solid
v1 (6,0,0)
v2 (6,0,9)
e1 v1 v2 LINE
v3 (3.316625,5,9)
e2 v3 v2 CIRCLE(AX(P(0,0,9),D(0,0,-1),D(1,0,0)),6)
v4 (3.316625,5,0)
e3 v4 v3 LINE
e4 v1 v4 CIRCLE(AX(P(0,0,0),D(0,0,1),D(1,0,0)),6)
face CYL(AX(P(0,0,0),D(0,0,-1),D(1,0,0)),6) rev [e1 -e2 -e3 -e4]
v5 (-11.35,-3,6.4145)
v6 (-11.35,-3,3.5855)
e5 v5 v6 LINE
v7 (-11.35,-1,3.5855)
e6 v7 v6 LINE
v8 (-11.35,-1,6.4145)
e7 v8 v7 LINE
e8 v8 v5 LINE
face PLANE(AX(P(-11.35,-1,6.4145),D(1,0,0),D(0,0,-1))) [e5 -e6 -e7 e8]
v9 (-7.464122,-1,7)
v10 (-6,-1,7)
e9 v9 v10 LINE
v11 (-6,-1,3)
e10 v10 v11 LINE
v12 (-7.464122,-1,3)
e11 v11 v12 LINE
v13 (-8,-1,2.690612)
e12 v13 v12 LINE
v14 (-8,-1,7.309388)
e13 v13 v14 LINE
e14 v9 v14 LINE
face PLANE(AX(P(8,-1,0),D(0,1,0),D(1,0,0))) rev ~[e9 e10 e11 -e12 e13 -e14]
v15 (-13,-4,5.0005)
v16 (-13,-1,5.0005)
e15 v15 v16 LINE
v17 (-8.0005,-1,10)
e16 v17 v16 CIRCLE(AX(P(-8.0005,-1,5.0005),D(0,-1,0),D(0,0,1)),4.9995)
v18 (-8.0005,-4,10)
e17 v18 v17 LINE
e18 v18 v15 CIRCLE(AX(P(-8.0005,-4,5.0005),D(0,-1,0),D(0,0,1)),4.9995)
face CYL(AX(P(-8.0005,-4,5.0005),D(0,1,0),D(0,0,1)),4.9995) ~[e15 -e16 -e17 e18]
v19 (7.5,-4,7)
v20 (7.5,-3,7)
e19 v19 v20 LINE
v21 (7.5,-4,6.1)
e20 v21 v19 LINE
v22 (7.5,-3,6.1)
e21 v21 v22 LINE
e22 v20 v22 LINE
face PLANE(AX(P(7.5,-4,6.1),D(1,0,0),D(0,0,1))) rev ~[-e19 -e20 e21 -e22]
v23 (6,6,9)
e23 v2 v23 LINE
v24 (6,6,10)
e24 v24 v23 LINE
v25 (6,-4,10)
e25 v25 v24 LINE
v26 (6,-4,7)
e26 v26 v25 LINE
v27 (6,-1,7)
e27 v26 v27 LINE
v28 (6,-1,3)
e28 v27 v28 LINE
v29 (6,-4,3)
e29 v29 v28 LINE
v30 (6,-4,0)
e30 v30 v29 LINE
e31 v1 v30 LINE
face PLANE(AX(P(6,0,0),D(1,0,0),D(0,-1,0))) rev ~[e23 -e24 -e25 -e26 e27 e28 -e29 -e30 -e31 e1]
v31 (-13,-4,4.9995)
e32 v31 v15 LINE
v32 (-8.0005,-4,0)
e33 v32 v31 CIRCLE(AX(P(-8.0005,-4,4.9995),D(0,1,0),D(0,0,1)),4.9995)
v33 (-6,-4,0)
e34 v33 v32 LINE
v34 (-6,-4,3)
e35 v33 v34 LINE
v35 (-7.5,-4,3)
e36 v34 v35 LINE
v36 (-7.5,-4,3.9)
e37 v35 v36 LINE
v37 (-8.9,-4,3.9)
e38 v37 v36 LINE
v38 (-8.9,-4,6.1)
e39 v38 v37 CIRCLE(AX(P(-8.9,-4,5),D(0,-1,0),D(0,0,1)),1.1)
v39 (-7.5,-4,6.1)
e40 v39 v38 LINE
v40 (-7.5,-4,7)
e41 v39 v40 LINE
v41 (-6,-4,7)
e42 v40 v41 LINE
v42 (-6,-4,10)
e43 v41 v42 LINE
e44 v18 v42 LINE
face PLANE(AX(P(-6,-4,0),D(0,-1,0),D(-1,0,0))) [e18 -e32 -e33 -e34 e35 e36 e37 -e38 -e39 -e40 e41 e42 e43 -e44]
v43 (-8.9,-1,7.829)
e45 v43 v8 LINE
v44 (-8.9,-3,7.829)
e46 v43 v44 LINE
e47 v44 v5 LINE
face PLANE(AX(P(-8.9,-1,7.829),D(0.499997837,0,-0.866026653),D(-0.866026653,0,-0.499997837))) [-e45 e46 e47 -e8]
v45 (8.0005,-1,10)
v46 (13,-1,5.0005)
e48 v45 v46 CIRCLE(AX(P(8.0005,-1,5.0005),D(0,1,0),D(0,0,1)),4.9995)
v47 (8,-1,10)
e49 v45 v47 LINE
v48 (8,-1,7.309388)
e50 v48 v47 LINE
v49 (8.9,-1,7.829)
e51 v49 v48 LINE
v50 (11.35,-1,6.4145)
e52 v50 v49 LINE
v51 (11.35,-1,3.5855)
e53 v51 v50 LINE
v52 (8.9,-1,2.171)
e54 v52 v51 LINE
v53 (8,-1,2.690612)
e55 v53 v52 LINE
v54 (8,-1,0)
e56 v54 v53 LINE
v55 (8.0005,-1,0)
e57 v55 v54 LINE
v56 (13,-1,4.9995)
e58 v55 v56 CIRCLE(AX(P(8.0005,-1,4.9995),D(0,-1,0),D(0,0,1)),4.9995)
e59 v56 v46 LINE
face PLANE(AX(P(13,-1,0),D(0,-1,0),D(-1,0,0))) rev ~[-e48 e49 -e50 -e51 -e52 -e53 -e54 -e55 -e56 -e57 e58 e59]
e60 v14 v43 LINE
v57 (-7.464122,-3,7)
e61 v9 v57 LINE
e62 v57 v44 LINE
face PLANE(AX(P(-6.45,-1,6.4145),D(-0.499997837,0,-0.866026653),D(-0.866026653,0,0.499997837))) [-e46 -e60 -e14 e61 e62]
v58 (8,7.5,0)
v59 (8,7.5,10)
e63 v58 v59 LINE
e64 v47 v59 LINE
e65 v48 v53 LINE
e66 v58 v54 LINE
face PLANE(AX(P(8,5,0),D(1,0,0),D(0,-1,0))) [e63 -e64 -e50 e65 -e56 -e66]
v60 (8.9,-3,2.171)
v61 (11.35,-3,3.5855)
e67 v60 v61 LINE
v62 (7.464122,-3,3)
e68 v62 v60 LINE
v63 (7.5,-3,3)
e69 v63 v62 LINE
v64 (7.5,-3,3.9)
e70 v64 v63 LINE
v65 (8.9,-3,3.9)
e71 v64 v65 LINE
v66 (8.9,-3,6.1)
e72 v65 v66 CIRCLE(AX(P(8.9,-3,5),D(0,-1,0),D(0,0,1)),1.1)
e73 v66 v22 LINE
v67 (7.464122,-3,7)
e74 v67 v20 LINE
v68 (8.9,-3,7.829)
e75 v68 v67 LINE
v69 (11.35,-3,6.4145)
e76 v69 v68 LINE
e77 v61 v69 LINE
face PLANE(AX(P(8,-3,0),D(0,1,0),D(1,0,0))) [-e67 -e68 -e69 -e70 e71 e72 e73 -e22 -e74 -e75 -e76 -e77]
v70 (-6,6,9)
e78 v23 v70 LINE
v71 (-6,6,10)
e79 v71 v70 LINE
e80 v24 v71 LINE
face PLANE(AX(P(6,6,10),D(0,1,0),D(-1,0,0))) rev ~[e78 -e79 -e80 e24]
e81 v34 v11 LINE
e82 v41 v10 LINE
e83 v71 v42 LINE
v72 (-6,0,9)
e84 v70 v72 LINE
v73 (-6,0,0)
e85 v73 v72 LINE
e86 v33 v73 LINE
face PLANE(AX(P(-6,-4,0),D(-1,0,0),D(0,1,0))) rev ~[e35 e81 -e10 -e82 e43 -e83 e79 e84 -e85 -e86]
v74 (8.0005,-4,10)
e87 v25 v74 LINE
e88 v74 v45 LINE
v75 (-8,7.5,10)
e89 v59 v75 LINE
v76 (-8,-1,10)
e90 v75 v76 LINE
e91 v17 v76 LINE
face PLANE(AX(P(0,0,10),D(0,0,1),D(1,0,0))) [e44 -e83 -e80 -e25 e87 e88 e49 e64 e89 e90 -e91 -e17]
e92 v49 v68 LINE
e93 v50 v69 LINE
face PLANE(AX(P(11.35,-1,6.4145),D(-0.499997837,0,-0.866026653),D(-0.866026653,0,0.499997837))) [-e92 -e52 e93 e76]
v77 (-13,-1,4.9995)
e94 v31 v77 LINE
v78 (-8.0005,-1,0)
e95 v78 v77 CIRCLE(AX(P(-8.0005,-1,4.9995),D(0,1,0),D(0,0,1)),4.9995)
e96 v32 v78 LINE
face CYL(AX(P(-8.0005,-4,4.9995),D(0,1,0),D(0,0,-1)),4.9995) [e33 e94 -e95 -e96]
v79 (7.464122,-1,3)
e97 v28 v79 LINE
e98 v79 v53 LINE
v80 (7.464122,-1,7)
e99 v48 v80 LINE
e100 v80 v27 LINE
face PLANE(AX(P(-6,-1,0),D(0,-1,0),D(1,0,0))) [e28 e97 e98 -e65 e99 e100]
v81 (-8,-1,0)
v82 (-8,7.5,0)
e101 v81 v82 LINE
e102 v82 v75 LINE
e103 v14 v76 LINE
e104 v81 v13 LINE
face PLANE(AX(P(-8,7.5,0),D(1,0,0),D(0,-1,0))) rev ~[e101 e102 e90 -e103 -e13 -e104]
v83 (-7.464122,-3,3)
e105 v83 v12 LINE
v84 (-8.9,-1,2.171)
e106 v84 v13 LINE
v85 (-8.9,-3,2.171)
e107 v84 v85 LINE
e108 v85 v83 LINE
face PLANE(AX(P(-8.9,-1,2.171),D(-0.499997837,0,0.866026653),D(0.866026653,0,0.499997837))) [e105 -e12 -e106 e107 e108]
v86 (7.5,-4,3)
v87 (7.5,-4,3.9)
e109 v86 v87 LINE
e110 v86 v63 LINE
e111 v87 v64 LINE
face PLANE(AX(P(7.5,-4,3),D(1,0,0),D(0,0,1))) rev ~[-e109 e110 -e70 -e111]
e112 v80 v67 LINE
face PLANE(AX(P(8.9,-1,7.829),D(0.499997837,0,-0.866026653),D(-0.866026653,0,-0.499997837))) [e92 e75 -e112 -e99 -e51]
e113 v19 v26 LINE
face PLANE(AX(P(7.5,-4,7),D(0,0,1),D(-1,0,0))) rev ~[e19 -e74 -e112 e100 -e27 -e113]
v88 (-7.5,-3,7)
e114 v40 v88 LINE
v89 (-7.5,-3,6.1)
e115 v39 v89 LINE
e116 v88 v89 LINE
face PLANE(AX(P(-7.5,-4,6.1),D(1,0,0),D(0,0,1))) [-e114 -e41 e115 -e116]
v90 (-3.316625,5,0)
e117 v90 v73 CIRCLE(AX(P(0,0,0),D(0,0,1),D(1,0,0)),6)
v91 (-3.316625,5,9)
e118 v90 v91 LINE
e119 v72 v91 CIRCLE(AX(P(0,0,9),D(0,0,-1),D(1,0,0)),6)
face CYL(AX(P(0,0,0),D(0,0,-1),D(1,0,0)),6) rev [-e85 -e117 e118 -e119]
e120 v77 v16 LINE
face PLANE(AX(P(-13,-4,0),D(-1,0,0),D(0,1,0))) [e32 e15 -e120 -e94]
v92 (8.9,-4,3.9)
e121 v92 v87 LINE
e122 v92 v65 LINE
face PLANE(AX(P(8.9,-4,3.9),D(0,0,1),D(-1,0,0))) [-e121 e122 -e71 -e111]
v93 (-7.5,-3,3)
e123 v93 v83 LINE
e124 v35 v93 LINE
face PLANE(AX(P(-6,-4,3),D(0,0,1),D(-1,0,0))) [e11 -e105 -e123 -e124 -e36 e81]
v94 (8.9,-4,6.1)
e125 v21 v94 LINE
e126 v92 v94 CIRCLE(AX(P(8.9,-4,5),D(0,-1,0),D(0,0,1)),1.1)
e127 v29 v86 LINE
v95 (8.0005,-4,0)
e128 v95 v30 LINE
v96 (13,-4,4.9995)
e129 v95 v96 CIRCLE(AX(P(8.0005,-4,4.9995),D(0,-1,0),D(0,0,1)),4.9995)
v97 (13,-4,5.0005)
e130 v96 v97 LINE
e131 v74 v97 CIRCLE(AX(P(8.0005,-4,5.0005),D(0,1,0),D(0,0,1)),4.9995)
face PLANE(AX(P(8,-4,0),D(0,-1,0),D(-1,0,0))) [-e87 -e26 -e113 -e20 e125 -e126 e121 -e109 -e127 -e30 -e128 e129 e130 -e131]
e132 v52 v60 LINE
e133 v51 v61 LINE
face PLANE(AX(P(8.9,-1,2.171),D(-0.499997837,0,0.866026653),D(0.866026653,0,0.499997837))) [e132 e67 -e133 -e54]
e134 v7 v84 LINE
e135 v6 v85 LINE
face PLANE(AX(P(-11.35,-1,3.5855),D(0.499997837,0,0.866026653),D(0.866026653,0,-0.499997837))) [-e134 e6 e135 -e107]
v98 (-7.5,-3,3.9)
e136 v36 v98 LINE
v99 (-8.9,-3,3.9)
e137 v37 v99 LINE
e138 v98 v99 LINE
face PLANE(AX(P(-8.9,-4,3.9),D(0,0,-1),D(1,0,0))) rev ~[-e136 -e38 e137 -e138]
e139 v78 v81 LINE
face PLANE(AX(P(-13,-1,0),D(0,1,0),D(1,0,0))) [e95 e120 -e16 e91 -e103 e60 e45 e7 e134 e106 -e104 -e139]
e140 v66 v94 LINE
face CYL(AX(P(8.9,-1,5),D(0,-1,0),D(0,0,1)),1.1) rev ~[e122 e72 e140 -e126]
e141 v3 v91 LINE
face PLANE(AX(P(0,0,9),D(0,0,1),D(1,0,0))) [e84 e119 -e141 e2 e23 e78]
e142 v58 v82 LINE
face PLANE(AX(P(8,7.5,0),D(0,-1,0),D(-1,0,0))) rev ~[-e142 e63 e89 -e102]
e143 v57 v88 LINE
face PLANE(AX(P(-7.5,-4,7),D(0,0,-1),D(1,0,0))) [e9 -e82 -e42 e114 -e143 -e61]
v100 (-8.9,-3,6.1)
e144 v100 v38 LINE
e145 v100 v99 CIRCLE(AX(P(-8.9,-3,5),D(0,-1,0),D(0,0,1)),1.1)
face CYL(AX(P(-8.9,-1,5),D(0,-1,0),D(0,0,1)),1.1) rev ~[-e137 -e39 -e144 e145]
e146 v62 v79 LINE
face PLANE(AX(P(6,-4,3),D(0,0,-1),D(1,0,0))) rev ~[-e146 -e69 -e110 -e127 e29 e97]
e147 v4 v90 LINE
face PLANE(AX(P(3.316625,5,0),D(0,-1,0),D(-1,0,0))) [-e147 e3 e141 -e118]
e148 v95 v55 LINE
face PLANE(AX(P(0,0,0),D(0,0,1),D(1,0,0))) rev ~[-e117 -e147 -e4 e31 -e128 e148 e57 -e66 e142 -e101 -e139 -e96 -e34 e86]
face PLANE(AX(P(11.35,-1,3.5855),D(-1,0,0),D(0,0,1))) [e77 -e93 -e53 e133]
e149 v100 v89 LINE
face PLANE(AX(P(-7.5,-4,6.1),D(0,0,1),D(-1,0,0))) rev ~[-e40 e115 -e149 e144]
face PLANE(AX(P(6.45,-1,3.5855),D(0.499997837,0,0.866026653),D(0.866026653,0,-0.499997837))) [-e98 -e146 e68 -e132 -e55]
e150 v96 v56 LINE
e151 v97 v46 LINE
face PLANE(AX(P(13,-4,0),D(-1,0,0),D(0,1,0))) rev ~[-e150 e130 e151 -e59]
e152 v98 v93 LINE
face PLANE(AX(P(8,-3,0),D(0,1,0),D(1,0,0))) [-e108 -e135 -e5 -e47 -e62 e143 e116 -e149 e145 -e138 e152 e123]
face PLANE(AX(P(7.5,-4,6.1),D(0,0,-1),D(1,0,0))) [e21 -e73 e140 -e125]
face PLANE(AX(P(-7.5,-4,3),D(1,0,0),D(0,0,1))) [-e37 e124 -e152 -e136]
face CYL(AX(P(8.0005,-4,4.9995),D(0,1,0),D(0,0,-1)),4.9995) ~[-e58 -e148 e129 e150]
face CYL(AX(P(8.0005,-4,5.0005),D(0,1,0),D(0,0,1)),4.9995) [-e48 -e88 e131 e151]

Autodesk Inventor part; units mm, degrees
ref_plane "YZ Plane" through (0, 0, 0) normal (1, 0, 0) x (0, 1, 0)
ref_plane "XZ Plane" through (0, 0, 0) normal (0, 1, 0) x (-1, 0, 0)
ref_plane "XY Plane" through (0, 0, 0) normal (0, 0, 1) x (1, 0, 0)
sketch "Эскиз1" plane through (0, 0, 0) normal (0, 0, 1) x (1, 0, 0)
  circle A0 centre (0, 0) radius 6
  line L0 (-6, 0) -> (6, 0)
  line L1 (6, 0) -> (6, 5)
  line L2 (6, 5) -> (-6, 5)
  line L3 (-6, 5) -> (-6, 0)
  line L4 (-6, 0) -> (6, 0)
  line L5 (6, 0) -> (6, -4)
  line L6 (6, -4) -> (-6, -4)
  line L7 (-6, -4) -> (-6, 0)
  line L8 (-6, -4) -> (-8, -4)
  line L9 (-8, -4) -> (-8, 5)
  line L10 (-8, 5) -> (-6, 5)
  line L11 (-6, 5) -> (-6, -4)
  line L12 (6, 5) -> (8, 5)
  line L13 (8, 5) -> (8, -4)
  line L14 (8, -4) -> (6, -4)
  line L15 (6, -4) -> (6, 5)
  line L16 (-8, 5) -> (8, 5)
  line L17 (8, 5) -> (8, 7.5)
  line L18 (8, 7.5) -> (-8, 7.5)
  line L19 (-8, 7.5) -> (-8, 5)
  line L20 (-8, -4) -> (-13, -4)
  line L21 (-13, -4) -> (-13, -1)
  line L22 (-13, -1) -> (-8, -1)
  line L23 (-8, -1) -> (-8, -4)
  line L24 (8, -4) -> (13, -4)
  line L25 (13, -4) -> (13, -1)
  line L26 (13, -1) -> (8, -1)
  line L27 (8, -1) -> (8, -4)
  point P0 (8, -1)
  point P1 (-8, -1)
  point P2 (-3.3166, 5)
  point P3 (3.3166, 5)
  dimension "d0" = 12
  dimension "d1" = 5
  dimension "d2" = 4
  dimension "d3" = 2
  dimension "d4" = 2
  dimension "d5" = 2.5
  dimension "d8" = 5
  dimension "d9" = 5
  dimension "d37" = 3
extrude "Выдавливание1" add sketch "Эскиз1" along normal blind 10 contours A0 L2 L1 | L1 L12 L13 L14 L5 | L2 A0 | A0 L2 L10 L19 L18 L17 L12 | L3 L2 A0 | L7 L8 L9 L10 L3 | L13 L26 L25 L24 | L20 L21 L22 L9
sketch "Эскиз2" plane through (-13, -1, 0) normal (0, 1, 0) x (1, 0, 0)
  line L0 (5, 0) -> (0, 0) projected
  line L1 (2.5, 0) -> (2.5, -10)
  line L2 (5, -10) -> (0, -10) projected
  line L3 (26, -10) -> (21, -10) projected
  line L4 (23.5, -10) -> (23.5, 0)
  line L5 (26, 0) -> (21, 0) projected
  line L6 (23.5, -5) -> (21.9, -5)
  line L7 (2.5, -5) -> (4.1, -5)
  point P0 (13, 0)
  dimension "d17" = 1.6
  dimension "d18" = 1.6
hole "Отверстие2" at (-8.9, -1, 5) at (8.9, -1, 5) direction (0, -1, 0) diameter 2.2 end through all
sketch "Эскиз3" plane through (8, -1, 0) normal (0, 1, 0) x (1, 0, 0)
  arc A0 (-16, -4.3675) -> (-16, -5.6325) centre (-16.9, -5) ccw projected
  arc A1 (0, -5.6325) -> (0, -4.3675) centre (0.9, -5) ccw projected
  line L0 (3.35, -6.4145) -> (0.9, -7.829)
  line L1 (0.9, -7.829) -> (-1.55, -6.4145)
  line L2 (-1.55, -6.4145) -> (-1.55, -3.5855)
  line L3 (-1.55, -3.5855) -> (0.9, -2.171)
  line L4 (0.9, -2.171) -> (3.35, -3.5855)
  line L5 (3.35, -3.5855) -> (3.35, -6.4145)
  line L6 (-19.35, -3.5855) -> (-16.9, -2.171)
  line L7 (-16.9, -2.171) -> (-14.45, -3.5855)
  line L8 (-14.45, -3.5855) -> (-14.45, -6.4145)
  line L9 (-14.45, -6.4145) -> (-16.9, -7.829)
  line L10 (-16.9, -7.829) -> (-19.35, -6.4145)
  line L11 (-19.35, -6.4145) -> (-19.35, -3.5855)
  line L12 (-21, 0) -> (-21, -10) projected
  line L13 (5, 0) -> (5, -10) projected
  point P0 (-8, 0)
  dimension "d26" = 4.9
extrude "Выдавливание2" cut sketch "Эскиз3" against normal blind 2
fillet "Сопряжение1" radius 5 4 edges at (-13, -2.5, 0) (-13, -2.5, 10) (13, -2.5, 0) (13, -2.5, 10)
sketch "Эскиз5" plane through (0, 0, 10) normal (0, 0, 1) x (1, 0, 0)
  line L0 (-6, -4) -> (-6, 0) projected
  line L1 (-6, 0) -> (6, 0)
  line L2 (6, 0) -> (6, 6)
  line L3 (6, 6) -> (-6, 6)
  line L4 (-6, 6) -> (-6, 0)
  line L5 (6, 0) -> (6, -4) projected
  line L6 (-3.3166, 5) -> (3.3166, 5) projected
  point P0 (0, 0)
  dimension "d34" = 1
extrude "Выдавливание4" cut sketch "Эскиз5" against normal blind 1
sketch "Эскиз6" plane through (-6, -4, 0) normal (0, -1, 0) x (1, 0, 0)
  line L0 (-1.5, 7) -> (0, 7)
  line L1 (0, 7) -> (0, 3)
  line L2 (0, 3) -> (-1.5, 3)
  line L3 (-1.5, 3) -> (-1.5, 7)
  line L4 (0, 0) -> (0, 10) projected
  line L5 (-2.9, 3.9) -> (-1.5, 3.9)
  line L6 (-1.5, 3.9) -> (-1.5, 6.1)
  line L7 (-1.5, 6.1) -> (-2.9, 6.1)
  line L8 (-2.9, 6.1) -> (-2.9, 3.9)
  circle A0 centre (-2.9, 5) radius 1.1 projected
  line L9 (14, 0) -> (-2, 0) projected
  line L10 (6, 0) -> (6, 10)
  line L11 (0, 10) -> (12, 10) projected
  line L12 (13.5, 7) -> (12, 7)
  line L13 (12, 7) -> (12, 3)
  line L14 (12, 3) -> (13.5, 3)
  line L15 (13.5, 3) -> (13.5, 7)
  line L16 (14.9, 3.9) -> (13.5, 3.9)
  line L17 (13.5, 3.9) -> (13.5, 6.1)
  line L18 (13.5, 6.1) -> (14.9, 6.1)
  line L19 (14.9, 6.1) -> (14.9, 3.9)
  point P0 (0, 5)
  point P1 (-2.9, 3.9)
  point P2 (-2.9, 6.1)
  point P3 (-2.9, 3.9)
  point P4 (-2.9, 6.1)
  point P5 (12, 5)
  point P6 (14.9, 5)
  point P7 (14.9, 5)
  dimension "d38" = 4
  dimension "d42" = 1.5
extrude "Выдавливание5" cut sketch "Эскиз6" against normal up to surface (3 mm away) contours L0 L1 L2 L3 | L3 L5 A0 L7 | A0 L8 | L15 L14 L13 L12 | L18 L19 L16 L15 picked at (-2.5898, 5.2959)
properties part number "Кронштейн для двигателей серии N"
